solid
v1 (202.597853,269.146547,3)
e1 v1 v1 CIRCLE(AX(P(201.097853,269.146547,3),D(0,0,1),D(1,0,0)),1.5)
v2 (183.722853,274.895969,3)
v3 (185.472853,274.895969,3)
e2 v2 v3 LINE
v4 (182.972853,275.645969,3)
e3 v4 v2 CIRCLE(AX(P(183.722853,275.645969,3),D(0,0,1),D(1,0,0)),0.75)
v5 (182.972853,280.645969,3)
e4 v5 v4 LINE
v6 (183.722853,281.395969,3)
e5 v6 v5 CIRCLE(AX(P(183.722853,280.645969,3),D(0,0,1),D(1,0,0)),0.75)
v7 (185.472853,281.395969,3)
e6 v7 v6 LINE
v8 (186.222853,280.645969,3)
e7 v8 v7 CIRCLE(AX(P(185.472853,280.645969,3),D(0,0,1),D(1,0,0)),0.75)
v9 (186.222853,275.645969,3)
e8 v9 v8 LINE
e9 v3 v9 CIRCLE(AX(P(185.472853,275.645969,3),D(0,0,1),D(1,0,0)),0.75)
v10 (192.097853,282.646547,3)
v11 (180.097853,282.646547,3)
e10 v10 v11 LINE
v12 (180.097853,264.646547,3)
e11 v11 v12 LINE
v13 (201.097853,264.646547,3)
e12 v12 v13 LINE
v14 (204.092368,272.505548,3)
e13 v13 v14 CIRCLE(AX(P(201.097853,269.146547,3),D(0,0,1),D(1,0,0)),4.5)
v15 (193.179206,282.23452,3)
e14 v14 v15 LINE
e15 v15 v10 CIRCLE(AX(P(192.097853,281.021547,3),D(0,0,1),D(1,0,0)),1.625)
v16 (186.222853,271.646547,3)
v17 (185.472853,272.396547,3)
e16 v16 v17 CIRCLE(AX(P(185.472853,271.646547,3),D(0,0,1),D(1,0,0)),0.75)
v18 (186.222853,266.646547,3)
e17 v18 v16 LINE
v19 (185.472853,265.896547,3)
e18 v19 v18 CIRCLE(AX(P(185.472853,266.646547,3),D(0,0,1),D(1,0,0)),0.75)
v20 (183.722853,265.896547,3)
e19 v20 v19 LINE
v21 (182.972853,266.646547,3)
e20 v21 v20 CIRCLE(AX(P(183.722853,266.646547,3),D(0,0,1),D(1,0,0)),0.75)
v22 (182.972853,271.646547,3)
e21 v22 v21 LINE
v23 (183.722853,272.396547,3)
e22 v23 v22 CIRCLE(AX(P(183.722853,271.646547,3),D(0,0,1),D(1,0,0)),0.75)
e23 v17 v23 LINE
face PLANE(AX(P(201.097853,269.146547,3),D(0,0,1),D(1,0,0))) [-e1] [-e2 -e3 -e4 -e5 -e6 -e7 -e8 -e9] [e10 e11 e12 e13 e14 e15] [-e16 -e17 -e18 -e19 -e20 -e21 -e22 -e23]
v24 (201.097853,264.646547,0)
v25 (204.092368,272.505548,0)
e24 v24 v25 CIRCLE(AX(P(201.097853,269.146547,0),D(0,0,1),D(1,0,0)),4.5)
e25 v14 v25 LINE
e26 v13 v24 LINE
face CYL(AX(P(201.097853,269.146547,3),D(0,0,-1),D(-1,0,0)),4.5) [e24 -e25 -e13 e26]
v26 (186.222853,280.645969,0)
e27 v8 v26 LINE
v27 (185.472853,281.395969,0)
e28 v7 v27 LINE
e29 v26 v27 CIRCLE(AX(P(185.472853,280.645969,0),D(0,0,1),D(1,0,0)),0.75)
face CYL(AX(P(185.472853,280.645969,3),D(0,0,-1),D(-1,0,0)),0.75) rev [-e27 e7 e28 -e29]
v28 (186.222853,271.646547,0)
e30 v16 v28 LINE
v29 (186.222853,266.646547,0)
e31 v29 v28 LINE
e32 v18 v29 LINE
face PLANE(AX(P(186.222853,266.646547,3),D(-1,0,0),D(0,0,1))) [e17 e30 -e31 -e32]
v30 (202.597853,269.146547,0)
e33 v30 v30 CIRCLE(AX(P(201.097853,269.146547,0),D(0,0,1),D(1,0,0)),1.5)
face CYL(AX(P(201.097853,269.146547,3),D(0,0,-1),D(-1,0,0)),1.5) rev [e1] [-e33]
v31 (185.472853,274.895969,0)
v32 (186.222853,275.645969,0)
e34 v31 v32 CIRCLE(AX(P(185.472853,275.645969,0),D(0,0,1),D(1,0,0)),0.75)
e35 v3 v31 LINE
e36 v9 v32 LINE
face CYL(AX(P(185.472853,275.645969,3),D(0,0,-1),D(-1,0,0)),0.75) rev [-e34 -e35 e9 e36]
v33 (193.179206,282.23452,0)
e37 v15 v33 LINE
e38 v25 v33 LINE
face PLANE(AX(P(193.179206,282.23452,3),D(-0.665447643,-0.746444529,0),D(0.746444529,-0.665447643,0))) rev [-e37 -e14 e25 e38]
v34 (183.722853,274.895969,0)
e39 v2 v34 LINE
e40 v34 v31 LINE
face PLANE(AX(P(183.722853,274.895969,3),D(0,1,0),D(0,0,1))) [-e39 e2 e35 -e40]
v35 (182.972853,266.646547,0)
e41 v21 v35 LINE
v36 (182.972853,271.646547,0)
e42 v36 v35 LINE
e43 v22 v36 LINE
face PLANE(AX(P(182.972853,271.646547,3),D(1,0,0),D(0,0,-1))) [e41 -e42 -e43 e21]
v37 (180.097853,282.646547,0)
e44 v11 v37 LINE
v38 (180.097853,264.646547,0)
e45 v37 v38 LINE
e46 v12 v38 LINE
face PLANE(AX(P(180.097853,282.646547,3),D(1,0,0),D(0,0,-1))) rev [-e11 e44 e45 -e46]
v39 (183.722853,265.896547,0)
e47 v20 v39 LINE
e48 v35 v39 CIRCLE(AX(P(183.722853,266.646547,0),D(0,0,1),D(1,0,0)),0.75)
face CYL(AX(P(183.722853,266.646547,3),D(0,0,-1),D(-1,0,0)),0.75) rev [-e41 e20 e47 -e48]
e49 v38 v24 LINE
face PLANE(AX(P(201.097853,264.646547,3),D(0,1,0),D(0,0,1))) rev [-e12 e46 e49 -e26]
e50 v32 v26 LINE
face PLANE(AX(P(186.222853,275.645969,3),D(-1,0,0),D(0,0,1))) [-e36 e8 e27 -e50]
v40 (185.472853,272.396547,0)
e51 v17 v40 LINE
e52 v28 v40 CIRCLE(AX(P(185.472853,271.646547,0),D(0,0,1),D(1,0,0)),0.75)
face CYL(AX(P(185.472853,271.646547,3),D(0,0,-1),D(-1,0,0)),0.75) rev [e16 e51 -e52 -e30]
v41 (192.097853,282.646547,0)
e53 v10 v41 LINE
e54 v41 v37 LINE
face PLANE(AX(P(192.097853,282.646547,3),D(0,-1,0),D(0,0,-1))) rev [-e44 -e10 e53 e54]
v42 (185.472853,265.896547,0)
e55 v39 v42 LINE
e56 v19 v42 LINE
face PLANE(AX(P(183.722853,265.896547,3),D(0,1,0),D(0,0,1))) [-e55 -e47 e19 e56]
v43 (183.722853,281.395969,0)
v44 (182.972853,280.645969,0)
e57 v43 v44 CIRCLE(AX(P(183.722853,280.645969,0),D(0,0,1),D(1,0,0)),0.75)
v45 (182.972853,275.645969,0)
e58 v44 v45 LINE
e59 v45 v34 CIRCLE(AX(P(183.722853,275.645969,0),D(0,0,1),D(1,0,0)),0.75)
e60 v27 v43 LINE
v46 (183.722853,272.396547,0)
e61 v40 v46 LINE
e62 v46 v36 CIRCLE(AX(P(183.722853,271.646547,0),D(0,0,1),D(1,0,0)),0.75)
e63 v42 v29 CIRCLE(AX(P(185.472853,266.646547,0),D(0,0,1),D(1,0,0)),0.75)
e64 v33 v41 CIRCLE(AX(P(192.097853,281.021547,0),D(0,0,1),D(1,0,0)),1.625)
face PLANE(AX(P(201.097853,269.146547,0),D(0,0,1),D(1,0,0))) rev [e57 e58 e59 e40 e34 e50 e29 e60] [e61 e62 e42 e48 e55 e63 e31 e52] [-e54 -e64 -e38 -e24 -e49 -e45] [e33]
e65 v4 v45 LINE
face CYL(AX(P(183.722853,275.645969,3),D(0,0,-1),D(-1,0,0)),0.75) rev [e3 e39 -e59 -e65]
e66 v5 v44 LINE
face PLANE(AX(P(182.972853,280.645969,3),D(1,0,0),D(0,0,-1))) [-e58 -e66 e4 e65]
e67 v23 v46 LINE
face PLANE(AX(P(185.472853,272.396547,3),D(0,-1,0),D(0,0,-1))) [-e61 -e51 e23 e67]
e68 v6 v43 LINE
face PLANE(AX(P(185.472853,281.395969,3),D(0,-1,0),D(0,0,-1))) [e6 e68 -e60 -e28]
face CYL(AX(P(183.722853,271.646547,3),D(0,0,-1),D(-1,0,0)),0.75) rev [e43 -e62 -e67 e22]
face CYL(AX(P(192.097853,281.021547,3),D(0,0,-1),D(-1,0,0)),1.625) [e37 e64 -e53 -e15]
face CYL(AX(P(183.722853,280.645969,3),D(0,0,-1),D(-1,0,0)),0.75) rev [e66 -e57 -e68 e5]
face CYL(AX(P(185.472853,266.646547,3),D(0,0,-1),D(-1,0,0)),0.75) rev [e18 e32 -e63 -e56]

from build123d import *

# Parameters (mm, degrees)
MODEL_R                 = 1.5
SALIENTE_EXTRUIR1_DEPTH = 3


with BuildPart() as part:
    # Model → Saliente-Extruir1 (new body)
    with BuildSketch(Plane.XY):
        with BuildLine():
            Line((201.097853309, 264.646547335), (180.097853309, 264.646547335))
            Line((180.097853309, 264.646547335), (180.097853309, 282.646547335))
            Line((180.097853309, 282.646547335), (192.097853309, 282.646547335))
            ThreePointArc((192.097853309, 282.646547335), (192.676448554, 282.540050724), (193.179205728, 282.234519695))
            Line((193.179205728, 282.234519695), (204.092367701, 272.505547716))
            ThreePointArc((204.092367701, 272.505547716), (205.302939617, 267.544283579), (201.097853309, 264.646547335))
        make_face()
        with Locations((201.097853309, 269.146547335)):
            Circle(MODEL_R, mode=Mode.SUBTRACT)
        with BuildLine():
            Line((183.722853309, 265.896547335), (185.472853309, 265.896547335))
            ThreePointArc((185.472853309, 265.896547335), (186.003183395, 266.116217249), (186.222853309, 266.646547335))
            Line((186.222853309, 266.646547335), (186.222853309, 271.646547335))
            ThreePointArc((186.222853309, 271.646547335), (186.003183395, 272.176877421), (185.472853309, 272.396547335))
            Line((185.472853309, 272.396547335), (183.722853309, 272.396547335))
            ThreePointArc((183.722853309, 272.396547335), (183.192523223, 272.176877421), (182.972853309, 271.646547335))
            Line((182.972853309, 271.646547335), (182.972853309, 266.646547335))
            ThreePointArc((182.972853309, 266.646547335), (183.192523223, 266.116217249), (183.722853309, 265.896547335))
        make_face(mode=Mode.SUBTRACT)
        with BuildLine():
            Line((183.722853309, 274.895968764), (185.472853309, 274.895968764))
            ThreePointArc((185.472853309, 274.895968764), (186.003183395, 275.115638678), (186.222853309, 275.645968764))
            Line((186.222853309, 275.645968764), (186.222853309, 280.645968764))
            ThreePointArc((186.222853309, 280.645968764), (186.003183395, 281.17629885), (185.472853309, 281.395968764))
            Line((185.472853309, 281.395968764), (183.722853309, 281.395968764))
            ThreePointArc((183.722853309, 281.395968764), (183.192523223, 281.17629885), (182.972853309, 280.645968764))
            Line((182.972853309, 280.645968764), (182.972853309, 275.645968764))
            ThreePointArc((182.972853309, 275.645968764), (183.192523223, 275.115638678), (183.722853309, 274.895968764))
        make_face(mode=Mode.SUBTRACT)
    extrude(amount=SALIENTE_EXTRUIR1_DEPTH)


solid = part.part
